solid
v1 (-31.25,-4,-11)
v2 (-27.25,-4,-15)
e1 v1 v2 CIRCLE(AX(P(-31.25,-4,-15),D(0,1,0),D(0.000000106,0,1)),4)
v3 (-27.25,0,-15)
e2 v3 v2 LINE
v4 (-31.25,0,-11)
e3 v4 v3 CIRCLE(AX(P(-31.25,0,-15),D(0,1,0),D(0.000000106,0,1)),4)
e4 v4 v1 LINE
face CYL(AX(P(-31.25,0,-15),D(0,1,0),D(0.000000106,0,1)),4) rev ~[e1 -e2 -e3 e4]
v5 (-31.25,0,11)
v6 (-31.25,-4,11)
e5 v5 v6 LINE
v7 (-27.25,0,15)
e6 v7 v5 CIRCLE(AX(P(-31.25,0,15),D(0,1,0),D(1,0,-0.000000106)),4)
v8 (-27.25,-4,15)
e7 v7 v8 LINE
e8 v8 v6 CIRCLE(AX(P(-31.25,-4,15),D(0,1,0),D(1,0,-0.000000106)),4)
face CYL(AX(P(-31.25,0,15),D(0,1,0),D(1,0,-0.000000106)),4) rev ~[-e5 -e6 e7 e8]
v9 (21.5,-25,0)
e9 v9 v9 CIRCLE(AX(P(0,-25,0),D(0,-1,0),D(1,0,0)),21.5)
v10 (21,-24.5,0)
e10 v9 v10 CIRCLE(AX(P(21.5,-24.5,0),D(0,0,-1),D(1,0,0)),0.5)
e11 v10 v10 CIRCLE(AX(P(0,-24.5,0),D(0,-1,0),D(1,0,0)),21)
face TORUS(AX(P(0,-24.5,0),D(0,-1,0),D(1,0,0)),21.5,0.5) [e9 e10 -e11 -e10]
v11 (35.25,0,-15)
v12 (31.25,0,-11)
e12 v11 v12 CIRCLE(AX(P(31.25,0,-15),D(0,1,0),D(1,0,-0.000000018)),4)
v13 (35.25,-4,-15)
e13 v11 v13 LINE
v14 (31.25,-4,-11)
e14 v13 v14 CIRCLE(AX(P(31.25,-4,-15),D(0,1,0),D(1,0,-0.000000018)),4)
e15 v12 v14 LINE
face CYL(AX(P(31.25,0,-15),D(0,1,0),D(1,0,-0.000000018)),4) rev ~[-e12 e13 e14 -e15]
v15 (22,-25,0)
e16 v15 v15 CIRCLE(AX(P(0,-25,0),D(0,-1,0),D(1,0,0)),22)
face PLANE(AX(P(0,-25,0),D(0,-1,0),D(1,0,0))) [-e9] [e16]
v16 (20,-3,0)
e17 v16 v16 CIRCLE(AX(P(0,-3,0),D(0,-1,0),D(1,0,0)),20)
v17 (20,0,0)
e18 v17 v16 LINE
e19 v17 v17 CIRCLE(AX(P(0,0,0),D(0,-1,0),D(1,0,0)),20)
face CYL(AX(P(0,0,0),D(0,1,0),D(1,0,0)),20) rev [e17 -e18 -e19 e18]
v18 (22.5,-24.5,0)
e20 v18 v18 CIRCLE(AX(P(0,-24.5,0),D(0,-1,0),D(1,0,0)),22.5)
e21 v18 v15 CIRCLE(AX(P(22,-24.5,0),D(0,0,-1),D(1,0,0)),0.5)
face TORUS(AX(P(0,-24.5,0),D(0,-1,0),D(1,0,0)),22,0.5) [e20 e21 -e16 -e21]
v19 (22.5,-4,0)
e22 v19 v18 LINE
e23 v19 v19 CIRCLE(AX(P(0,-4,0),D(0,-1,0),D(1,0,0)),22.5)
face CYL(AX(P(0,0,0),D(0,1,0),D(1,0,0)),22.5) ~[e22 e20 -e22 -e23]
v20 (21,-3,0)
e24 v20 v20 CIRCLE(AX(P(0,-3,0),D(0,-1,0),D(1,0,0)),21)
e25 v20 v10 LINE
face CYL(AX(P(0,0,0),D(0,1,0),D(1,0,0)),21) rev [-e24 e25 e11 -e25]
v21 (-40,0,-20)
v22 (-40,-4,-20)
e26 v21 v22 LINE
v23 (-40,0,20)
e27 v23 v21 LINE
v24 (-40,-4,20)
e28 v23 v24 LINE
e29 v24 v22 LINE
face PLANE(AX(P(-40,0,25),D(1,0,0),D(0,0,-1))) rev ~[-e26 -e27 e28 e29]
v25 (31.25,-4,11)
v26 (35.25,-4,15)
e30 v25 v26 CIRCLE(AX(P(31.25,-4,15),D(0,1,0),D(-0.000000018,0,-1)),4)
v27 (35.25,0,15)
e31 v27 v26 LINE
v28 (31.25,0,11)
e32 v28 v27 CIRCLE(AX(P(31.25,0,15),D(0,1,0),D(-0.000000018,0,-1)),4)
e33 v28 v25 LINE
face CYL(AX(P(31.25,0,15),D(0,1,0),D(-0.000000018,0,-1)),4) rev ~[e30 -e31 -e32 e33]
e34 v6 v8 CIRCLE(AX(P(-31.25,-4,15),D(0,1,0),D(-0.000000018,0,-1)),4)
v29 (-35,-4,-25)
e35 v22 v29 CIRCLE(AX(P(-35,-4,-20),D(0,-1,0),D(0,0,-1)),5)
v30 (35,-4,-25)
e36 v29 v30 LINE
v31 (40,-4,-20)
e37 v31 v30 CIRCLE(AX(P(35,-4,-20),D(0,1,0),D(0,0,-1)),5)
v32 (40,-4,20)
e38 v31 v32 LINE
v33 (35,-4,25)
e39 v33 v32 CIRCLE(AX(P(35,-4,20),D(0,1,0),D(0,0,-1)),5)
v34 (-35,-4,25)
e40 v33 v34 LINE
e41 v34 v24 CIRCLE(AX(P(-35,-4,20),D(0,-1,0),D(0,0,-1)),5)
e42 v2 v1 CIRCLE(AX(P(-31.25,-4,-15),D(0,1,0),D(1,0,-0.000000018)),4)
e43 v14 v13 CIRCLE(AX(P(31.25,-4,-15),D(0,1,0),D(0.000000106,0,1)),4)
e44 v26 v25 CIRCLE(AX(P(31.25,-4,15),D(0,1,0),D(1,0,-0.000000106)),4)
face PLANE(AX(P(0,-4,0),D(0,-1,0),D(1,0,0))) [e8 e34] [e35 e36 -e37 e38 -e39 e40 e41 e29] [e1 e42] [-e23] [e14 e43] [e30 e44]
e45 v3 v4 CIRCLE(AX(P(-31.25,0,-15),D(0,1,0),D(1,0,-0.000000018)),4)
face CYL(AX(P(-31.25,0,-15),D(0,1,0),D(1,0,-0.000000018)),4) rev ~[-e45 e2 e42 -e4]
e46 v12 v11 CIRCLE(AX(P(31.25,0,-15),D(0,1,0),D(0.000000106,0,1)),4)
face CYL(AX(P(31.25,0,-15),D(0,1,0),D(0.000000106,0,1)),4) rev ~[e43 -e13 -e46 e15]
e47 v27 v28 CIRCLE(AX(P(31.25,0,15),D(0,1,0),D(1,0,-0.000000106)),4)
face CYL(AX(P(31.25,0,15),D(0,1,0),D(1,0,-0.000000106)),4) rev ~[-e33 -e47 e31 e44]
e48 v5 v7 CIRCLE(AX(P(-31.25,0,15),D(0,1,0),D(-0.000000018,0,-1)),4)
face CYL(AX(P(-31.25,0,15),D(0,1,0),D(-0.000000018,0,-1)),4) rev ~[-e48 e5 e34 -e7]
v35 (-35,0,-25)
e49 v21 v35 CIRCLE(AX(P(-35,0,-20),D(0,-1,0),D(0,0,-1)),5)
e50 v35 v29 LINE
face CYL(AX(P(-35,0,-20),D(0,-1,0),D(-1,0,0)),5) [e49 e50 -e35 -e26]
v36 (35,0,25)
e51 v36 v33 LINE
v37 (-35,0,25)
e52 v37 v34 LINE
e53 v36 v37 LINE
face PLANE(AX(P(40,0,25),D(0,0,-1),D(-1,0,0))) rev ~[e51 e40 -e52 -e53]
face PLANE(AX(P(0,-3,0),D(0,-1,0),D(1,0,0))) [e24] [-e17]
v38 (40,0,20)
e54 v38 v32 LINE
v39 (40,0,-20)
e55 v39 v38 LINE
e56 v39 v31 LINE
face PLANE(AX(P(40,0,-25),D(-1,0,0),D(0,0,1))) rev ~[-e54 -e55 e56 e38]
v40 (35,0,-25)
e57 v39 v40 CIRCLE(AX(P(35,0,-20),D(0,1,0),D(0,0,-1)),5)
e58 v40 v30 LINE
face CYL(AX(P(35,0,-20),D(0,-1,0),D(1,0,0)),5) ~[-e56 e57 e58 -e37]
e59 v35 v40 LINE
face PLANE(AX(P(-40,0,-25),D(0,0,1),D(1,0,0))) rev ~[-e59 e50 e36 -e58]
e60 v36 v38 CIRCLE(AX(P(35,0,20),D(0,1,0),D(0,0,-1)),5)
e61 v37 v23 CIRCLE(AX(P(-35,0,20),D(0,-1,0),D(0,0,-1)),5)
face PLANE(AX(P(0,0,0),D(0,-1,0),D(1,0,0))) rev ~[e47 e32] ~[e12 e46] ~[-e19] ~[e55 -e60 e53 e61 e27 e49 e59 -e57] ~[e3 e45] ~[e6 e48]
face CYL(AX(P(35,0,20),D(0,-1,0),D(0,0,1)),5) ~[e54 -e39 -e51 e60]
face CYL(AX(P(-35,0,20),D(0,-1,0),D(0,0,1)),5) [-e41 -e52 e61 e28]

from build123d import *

# Parameters (mm, degrees)
F0_R     = 22.5
F1_DEPTH = 4
F0_R_2   = 21
F2_DEPTH = 25
F3_R     = 5
F4_R     = 0.5
F0_R_3   = 20
F5_DEPTH = 3


with BuildPart() as f1:
    # F0 (on Front) → F1 (new body)
    with BuildSketch(Plane.XZ):
        Polygon((40, 25), (-40, 25), (-40, 0), (-40, -25), (40, -25), (40, 0), align=None)
        with BuildLine():
            ThreePointArc((-27.25, -15), (-34.078427, -17.828427), (-31.25, -11))
            ThreePointArc((-31.25, -11), (-28.421573, -12.171573), (-27.25, -15))
        make_face(mode=Mode.SUBTRACT)
        with BuildLine():
            ThreePointArc((35.25, -15), (28.421573, -17.828427), (31.25, -11))
            ThreePointArc((31.25, -11), (34.078427, -12.171573), (35.25, -15))
        make_face(mode=Mode.SUBTRACT)
        with BuildLine():
            ThreePointArc((-27.25, 15), (-28.421573, 12.171573), (-31.25, 11))
            ThreePointArc((-31.25, 11), (-34.078427, 17.828427), (-27.25, 15))
        make_face(mode=Mode.SUBTRACT)
        Circle(F0_R, mode=Mode.SUBTRACT)
        with BuildLine():
            ThreePointArc((35.25, 15), (34.078427, 12.171573), (31.25, 11))
            ThreePointArc((31.25, 11), (28.421573, 17.828427), (35.25, 15))
        make_face(mode=Mode.SUBTRACT)
    extrude(amount=F1_DEPTH)

    # F0 (on Front) → F2 (join)
    with BuildSketch(Plane.XZ):
        Circle(F0_R)
        Circle(F0_R_2, mode=Mode.SUBTRACT)
    extrude(amount=F2_DEPTH)

    # F3
    f3_edges = [f1.edges().sort_by_distance(p)[0] for p in [
        (-40, -2, -25),
        (-40, -2, 25),
        (40, -2, 25),
        (40, -2, -25),
    ]]
    fillet(f3_edges, radius=F3_R)

    # F4
    f4_edges = [f1.edges().sort_by_distance(p)[0] for p in [
        (-22.5, -25, 0),
        (-21, -25, 0),
    ]]
    fillet(f4_edges, radius=F4_R)

    # F0 (on Front) → F5 (join)
    with BuildSketch(Plane.XZ):
        Circle(F0_R_2)
        Circle(F0_R_3, mode=Mode.SUBTRACT)
    extrude(amount=F5_DEPTH)


solid = f1.part
